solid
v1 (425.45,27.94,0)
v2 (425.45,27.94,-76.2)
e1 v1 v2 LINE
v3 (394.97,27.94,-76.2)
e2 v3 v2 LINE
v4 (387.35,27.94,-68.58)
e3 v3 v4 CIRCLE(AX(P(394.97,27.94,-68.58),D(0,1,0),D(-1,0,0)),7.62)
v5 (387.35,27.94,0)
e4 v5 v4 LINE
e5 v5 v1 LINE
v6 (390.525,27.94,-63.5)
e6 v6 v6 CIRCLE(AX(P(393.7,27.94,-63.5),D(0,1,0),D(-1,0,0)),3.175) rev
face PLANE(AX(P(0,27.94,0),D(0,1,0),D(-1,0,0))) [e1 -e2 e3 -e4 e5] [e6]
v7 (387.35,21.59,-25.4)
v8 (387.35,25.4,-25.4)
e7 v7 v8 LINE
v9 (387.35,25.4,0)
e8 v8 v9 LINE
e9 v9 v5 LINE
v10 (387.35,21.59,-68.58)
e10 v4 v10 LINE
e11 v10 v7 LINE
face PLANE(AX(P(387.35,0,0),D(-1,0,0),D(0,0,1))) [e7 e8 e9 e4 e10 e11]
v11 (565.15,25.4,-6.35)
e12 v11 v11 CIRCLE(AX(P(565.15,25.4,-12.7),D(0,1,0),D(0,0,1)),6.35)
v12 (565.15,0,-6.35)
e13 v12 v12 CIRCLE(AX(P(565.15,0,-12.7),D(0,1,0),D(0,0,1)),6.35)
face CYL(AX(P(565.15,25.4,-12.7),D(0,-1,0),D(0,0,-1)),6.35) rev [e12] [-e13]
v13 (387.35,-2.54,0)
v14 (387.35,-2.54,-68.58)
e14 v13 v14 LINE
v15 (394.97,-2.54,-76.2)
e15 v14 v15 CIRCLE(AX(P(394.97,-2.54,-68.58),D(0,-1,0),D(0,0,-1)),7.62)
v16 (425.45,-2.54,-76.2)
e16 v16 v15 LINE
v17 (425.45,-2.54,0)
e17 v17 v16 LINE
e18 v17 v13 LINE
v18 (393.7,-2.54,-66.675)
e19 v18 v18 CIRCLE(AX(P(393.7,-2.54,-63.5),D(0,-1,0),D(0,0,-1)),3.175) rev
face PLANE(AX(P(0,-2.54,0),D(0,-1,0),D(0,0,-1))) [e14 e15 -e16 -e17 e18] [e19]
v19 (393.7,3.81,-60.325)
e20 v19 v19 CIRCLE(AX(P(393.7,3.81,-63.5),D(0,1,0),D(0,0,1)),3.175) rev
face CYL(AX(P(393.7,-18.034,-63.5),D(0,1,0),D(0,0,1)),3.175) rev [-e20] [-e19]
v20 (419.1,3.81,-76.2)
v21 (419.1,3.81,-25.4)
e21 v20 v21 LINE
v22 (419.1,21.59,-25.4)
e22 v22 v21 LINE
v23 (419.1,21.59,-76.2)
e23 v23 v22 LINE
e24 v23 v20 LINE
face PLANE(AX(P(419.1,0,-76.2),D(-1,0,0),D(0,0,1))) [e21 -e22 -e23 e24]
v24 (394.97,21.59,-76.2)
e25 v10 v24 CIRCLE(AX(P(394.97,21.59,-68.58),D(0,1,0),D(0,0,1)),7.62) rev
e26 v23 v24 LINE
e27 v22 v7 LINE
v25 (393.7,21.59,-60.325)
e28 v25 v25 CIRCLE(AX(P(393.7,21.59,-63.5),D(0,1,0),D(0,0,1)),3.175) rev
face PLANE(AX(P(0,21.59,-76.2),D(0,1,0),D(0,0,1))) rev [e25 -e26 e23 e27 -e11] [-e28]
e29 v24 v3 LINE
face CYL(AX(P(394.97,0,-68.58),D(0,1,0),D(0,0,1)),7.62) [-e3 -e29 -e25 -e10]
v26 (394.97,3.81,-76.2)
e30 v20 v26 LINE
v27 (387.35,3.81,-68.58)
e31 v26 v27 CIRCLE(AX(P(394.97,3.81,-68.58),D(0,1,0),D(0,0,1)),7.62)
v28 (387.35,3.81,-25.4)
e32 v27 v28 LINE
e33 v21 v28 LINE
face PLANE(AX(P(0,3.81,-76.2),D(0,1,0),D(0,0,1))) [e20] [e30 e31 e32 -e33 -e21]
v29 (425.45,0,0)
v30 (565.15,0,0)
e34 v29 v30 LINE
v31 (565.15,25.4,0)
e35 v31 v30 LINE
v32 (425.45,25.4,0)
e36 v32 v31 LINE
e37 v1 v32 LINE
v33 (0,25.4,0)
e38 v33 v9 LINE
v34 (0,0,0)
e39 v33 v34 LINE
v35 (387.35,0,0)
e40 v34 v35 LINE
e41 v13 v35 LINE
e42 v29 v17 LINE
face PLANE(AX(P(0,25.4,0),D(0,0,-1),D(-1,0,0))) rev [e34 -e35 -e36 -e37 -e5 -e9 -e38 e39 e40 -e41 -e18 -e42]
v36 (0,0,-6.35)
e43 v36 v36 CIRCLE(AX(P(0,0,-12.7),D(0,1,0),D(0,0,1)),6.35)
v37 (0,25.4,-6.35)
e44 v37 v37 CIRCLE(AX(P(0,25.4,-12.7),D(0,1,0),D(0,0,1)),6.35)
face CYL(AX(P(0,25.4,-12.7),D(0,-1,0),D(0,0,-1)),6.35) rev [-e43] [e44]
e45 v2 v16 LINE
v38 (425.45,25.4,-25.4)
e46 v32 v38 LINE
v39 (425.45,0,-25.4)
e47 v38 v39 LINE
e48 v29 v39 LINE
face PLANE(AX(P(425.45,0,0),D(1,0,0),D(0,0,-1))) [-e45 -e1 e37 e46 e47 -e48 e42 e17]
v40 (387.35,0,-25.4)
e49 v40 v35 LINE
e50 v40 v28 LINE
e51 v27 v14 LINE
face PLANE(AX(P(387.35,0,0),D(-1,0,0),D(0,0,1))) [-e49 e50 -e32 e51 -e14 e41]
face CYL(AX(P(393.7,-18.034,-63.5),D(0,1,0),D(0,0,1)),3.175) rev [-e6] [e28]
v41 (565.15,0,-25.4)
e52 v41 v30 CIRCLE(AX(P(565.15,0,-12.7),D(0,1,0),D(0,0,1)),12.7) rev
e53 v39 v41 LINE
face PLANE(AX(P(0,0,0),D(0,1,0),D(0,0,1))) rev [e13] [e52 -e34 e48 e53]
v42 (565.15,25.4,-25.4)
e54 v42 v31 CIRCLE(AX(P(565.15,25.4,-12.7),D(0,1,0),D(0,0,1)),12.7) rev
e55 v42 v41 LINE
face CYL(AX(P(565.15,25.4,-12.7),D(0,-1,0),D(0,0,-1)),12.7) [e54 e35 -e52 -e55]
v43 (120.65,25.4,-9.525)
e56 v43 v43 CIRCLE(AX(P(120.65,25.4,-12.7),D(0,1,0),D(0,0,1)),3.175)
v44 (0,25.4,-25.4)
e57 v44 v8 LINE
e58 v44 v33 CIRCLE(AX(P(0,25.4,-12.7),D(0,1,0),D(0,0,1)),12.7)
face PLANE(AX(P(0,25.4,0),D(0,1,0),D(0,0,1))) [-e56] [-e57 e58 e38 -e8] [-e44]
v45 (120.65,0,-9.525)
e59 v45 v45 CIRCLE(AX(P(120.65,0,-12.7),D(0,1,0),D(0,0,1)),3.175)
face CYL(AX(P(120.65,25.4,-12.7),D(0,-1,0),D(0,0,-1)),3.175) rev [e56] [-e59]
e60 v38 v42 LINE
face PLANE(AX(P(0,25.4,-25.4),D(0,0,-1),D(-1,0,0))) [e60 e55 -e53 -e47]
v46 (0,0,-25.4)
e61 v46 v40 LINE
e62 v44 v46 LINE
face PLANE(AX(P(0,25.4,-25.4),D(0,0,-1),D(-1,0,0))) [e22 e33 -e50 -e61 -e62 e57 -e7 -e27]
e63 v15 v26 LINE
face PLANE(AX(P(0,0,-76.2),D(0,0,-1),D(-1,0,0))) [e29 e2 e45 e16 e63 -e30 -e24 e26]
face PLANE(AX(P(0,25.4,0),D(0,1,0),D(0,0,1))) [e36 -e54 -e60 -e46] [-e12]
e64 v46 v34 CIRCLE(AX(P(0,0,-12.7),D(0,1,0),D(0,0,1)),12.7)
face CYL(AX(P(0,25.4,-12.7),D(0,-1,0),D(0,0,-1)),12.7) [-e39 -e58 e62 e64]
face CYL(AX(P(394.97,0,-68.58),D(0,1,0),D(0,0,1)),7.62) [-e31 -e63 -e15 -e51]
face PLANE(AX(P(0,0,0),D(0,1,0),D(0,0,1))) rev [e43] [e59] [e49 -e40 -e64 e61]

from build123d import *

# Parameters (mm, degrees)
SKETCH2_R           = 6.35
SKETCH2_R_2         = 3.175
BOSS_EXTRUDE1_DEPTH = 25.4
SKETCH12_W          = 38.1
SKETCH12_H          = 25.4
SKETCH12_H_2        = 2.54
BOSS_EXTRUDE2_DEPTH = 25.4
BOSS_EXTRUDE3_DEPTH = 50.8
SKETCH14_R          = 3.175
CUT_EXTRUDE1_DEPTH  = 39.624
FILLET1_R           = 7.62


with BuildPart() as part:
    # Sketch2 → Boss-Extrude1 (new body)
    with BuildSketch(Plane(origin=(0, 0, 0), x_dir=(1, 0, 0), z_dir=(0, 1, 0))):
        with BuildLine():
            ThreePointArc((0, 25.4), (-12.7, 12.7), (0, 0))
            Line((0, 0), (565.15, 0))
            ThreePointArc((565.15, 0), (577.85, 12.7), (565.15, 25.4))
            Line((565.15, 25.4), (0, 25.4))
        make_face()
        with Locations(Location((0, 12.7, 0), (0, 0, 270))):
            Circle(SKETCH2_R, mode=Mode.SUBTRACT)
        with Locations(Location((120.65, 12.7, 0), (0, 0, 270))):
            Circle(SKETCH2_R_2, mode=Mode.SUBTRACT)
        with Locations(Location((565.15, 12.7, 0), (0, 0, 270))):
            Circle(SKETCH2_R, mode=Mode.SUBTRACT)
    extrude(amount=BOSS_EXTRUDE1_DEPTH)

    # Sketch12 → Boss-Extrude2 (add)
    with BuildSketch(Plane(origin=(0, 0, -25.4), x_dir=(-1, 0, 0), z_dir=(0, 0, -1))):
        with Locations((-406.4, 12.7)):
            Rectangle(SKETCH12_W, SKETCH12_H)
        with Locations((-406.4, -1.27)):
            Rectangle(SKETCH12_W, SKETCH12_H_2)
        with Locations((-406.4, 26.67)):
            Rectangle(SKETCH12_W, SKETCH12_H_2)
    extrude(amount=-BOSS_EXTRUDE2_DEPTH)

    # Sketch13 → Boss-Extrude3 (add)
    with BuildSketch(Plane(origin=(0, 0, -25.4), x_dir=(-1, 0, 0), z_dir=(0, 0, -1))):
        Polygon((-387.35, 27.94), (-425.45, 27.94), (-425.45, 25.4), (-425.45, 0), (-425.45, -2.54), (-387.35, -2.54), (-387.35, 0), (-387.35, 3.81), (-419.1, 3.81), (-419.1, 21.59), (-387.35, 21.59), (-387.35, 25.4), align=None)
    extrude(amount=BOSS_EXTRUDE3_DEPTH)

    # Sketch14 → Cut-Extrude1 (cut, symmetric)
    with BuildSketch(Plane.XZ.offset(-21.59)):
        with Locations(Location((393.7, -63.5, 0), (0, 0, 90))):
            Circle(SKETCH14_R)
    extrude(amount=CUT_EXTRUDE1_DEPTH, both=True, mode=Mode.SUBTRACT)

    # Fillet1
    fillet1_edges = [part.edges().sort_by_distance(p)[0] for p in [
        (387.35, 24.765, -76.2),
        (387.35, 0.635, -76.2),
    ]]
    fillet(fillet1_edges, radius=FILLET1_R)


solid = part.part
